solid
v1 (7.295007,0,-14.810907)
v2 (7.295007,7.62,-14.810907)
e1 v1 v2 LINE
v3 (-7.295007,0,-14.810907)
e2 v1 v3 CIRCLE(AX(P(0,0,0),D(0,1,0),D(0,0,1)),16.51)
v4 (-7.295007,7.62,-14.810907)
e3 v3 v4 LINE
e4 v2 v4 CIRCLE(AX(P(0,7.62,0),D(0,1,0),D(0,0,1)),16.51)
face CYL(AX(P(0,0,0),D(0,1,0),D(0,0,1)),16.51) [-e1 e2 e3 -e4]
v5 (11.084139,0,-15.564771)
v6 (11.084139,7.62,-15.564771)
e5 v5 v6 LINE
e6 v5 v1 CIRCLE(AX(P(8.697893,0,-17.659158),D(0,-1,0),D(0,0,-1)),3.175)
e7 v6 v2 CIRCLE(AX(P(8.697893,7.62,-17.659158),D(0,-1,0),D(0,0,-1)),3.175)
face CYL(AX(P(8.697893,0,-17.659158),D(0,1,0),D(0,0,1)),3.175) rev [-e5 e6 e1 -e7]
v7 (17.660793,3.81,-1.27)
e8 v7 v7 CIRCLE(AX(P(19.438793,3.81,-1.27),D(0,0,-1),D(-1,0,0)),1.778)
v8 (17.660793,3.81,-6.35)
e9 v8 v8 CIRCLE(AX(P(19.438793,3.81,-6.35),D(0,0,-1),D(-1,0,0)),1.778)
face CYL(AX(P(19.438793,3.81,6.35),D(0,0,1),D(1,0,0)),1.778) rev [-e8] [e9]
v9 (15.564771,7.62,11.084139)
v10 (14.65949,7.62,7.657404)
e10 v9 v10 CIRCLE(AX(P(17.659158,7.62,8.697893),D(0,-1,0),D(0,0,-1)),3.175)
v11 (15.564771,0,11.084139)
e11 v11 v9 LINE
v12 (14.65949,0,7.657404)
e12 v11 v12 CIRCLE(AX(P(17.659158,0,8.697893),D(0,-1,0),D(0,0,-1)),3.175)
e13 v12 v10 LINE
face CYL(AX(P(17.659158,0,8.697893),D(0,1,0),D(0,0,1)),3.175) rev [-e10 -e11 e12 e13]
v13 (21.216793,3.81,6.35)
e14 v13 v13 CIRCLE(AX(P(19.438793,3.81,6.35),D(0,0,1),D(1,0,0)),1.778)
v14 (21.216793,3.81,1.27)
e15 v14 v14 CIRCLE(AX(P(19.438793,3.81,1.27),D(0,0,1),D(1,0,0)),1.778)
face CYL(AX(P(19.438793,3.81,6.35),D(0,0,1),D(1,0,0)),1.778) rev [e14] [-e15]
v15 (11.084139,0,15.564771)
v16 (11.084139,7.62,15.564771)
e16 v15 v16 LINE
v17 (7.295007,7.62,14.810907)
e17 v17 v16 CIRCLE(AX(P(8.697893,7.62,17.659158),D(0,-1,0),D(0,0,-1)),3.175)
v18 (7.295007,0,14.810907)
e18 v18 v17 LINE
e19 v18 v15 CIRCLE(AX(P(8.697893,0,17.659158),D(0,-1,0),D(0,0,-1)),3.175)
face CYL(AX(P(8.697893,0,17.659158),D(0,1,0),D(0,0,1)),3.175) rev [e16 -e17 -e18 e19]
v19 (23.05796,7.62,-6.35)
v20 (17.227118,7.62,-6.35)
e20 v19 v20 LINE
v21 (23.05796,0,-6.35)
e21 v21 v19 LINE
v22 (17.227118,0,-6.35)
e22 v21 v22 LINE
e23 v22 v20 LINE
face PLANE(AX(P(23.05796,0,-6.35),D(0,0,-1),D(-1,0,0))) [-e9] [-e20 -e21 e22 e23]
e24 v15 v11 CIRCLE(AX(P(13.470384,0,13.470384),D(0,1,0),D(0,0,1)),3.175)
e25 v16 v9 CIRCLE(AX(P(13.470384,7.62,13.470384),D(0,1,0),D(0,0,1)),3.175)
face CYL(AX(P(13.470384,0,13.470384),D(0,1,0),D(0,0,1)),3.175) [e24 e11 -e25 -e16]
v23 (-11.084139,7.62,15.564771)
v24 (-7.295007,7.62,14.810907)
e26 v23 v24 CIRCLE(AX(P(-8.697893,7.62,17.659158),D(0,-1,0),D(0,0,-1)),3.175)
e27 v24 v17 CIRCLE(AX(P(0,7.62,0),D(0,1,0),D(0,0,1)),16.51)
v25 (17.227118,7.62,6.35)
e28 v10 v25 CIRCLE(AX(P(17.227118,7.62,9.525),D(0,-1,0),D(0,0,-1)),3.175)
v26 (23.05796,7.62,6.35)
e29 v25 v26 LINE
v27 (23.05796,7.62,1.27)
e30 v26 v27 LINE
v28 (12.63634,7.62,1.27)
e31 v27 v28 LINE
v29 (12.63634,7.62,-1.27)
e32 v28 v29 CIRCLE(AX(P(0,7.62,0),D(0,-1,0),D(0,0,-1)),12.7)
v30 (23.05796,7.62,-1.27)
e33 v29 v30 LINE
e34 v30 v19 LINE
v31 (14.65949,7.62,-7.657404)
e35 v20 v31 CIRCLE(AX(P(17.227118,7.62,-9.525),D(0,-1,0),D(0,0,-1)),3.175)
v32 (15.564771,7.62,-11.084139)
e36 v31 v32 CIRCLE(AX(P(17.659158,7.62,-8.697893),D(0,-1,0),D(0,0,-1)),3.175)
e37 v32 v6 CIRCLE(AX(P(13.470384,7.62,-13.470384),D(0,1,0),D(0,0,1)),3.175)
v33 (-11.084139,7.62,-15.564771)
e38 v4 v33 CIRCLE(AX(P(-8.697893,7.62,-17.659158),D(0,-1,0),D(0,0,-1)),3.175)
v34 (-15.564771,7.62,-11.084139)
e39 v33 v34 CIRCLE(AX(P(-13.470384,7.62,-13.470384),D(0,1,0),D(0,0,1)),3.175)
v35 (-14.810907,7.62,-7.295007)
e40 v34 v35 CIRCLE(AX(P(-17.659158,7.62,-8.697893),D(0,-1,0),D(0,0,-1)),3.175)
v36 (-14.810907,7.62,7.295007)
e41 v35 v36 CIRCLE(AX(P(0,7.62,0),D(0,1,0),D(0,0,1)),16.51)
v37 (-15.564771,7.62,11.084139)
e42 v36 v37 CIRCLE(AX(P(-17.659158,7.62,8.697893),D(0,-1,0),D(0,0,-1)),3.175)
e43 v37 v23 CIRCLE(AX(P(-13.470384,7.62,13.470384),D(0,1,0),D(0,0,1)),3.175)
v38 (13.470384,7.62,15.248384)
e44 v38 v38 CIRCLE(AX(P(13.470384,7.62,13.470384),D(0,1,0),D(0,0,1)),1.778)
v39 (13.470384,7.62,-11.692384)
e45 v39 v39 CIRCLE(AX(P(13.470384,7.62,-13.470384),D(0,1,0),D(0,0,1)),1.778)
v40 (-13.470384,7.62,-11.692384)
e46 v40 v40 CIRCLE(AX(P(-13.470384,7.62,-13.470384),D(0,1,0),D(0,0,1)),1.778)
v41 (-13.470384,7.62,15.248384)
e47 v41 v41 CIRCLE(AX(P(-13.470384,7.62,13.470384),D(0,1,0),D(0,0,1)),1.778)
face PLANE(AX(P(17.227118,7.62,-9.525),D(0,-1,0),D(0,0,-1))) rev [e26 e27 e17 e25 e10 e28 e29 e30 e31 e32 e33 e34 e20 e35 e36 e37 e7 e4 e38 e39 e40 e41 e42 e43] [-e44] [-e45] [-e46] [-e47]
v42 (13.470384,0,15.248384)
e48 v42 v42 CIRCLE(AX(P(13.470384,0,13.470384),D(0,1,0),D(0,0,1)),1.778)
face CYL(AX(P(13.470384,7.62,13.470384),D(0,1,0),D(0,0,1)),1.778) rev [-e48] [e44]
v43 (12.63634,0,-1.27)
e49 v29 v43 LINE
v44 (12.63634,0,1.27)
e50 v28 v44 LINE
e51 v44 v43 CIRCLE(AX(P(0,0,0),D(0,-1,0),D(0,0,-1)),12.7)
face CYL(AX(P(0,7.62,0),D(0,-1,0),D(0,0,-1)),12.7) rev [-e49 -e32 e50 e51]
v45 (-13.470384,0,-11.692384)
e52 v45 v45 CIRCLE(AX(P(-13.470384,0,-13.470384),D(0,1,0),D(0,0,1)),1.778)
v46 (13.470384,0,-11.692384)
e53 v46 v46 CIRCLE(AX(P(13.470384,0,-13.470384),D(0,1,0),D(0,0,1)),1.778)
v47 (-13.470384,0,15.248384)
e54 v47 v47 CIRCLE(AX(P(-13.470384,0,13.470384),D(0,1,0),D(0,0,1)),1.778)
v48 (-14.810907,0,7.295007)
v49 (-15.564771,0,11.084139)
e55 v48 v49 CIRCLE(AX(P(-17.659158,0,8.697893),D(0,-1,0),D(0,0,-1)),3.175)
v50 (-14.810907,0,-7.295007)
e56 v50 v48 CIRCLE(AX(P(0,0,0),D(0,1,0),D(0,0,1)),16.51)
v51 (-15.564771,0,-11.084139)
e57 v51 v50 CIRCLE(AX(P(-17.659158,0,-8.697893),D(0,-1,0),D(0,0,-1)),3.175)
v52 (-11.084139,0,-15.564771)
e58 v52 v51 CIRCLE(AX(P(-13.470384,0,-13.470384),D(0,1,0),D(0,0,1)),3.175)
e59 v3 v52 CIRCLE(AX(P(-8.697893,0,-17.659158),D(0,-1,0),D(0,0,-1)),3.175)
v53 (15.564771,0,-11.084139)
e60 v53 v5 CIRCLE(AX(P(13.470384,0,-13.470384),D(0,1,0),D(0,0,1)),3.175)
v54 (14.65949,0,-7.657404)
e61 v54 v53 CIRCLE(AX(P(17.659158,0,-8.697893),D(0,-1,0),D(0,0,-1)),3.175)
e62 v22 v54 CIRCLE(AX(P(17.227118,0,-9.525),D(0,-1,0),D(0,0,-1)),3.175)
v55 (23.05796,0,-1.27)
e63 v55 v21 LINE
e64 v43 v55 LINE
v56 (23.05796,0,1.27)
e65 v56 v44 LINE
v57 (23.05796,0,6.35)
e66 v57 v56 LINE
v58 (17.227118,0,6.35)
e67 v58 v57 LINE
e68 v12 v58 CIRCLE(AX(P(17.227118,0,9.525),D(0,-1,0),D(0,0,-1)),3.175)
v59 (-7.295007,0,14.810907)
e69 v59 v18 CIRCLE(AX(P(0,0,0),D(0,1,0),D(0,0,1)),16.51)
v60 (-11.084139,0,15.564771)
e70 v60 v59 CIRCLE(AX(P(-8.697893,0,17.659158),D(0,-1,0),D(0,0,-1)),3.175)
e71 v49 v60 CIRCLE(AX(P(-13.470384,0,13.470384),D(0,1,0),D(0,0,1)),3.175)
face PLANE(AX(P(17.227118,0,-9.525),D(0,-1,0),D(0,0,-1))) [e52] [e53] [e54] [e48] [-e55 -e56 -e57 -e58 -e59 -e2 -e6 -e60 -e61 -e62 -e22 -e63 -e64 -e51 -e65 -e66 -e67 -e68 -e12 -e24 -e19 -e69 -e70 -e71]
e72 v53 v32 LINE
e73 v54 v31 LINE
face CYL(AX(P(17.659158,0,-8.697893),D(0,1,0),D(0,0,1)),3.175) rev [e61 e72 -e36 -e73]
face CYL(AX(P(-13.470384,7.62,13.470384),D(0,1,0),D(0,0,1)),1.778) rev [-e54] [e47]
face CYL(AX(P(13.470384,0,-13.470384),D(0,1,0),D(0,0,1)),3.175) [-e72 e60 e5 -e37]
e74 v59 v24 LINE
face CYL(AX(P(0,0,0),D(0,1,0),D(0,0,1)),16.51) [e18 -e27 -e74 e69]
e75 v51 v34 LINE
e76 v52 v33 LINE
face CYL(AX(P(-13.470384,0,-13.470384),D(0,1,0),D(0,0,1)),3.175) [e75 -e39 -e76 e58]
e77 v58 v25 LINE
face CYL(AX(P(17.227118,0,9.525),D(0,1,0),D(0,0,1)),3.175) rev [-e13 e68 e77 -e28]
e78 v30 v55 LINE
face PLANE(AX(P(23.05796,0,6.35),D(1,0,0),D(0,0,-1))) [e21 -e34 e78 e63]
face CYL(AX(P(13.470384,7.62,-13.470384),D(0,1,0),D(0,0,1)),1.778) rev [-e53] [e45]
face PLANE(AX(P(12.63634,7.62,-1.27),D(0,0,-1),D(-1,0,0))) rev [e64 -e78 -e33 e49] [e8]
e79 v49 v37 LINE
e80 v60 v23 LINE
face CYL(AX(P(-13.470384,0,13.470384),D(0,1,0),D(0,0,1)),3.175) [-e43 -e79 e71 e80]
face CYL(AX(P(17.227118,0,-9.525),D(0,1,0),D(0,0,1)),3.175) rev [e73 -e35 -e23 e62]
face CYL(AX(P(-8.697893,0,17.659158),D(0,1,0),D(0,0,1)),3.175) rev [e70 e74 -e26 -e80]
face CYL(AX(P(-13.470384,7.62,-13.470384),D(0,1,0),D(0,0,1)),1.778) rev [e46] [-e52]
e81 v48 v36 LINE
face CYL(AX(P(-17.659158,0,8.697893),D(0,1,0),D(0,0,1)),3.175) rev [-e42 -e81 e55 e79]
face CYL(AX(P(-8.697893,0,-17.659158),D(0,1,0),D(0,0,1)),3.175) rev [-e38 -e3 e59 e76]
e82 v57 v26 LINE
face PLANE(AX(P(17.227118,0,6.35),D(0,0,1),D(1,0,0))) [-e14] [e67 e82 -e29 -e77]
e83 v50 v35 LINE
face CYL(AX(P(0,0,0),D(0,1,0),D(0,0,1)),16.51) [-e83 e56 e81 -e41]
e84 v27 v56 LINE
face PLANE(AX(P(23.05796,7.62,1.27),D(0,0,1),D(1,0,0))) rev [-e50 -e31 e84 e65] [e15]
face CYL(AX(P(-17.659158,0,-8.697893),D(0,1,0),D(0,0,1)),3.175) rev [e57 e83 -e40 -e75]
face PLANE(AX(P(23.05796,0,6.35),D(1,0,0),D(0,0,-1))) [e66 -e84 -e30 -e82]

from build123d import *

# Parameters (mm, degrees)
BOSS_EXTRUDE1_DEPTH              = 7.62
CUT_EXTRUDE1_DEPTH               = 30.441514138
SKETCH3_W                        = 12.7
SKETCH3_H                        = 7.62
F_5_CLEARANCE_HOLE1_D            = 3.556
F_36_0_1065_DIAMETER_HOLE1_D     = 2.7051
F_36_0_1065_DIAMETER_HOLE1_DEPTH = 5.08
F_5_CLEARANCE_HOLE2_D            = 3.556
F_5_CLEARANCE_HOLE2_DEPTH        = 22.995384182


with BuildPart() as part:
    # Sketch1 → Boss-Extrude1 (new body)
    with BuildSketch(Plane(origin=(0, 7.62, 0), x_dir=(1, 0, 0), z_dir=(0, 1, 0))):
        with BuildLine():
            Line((23.057960451, -6.35), (23.057960451, 6.35))
            Line((23.057960451, 6.35), (17.227118157, 6.35))
            ThreePointArc((17.227118157, 6.35), (15.786457002, 6.695667846), (14.659490486, 7.657404449))
            ThreePointArc((14.659490486, 7.657404449), (14.589471792, 9.508848608), (15.564771332, 11.084138707))
            ThreePointArc((15.564771332, 11.084138707), (15.715448212, 15.715448212), (11.084138707, 15.564771332))
            ThreePointArc((11.084138707, 15.564771332), (9.317430783, 14.545190239), (7.295007228, 14.810907114))
            ThreePointArc((7.295007228, 14.810907114), (0, 16.51), (-7.295007228, 14.810907114))
            ThreePointArc((-7.295007228, 14.810907114), (-9.317430783, 14.545190239), (-11.084138707, 15.564771332))
            ThreePointArc((-11.084138707, 15.564771332), (-15.715448212, 15.715448212), (-15.564771332, 11.084138707))
            ThreePointArc((-15.564771332, 11.084138707), (-14.545190239, 9.317430783), (-14.810907114, 7.295007228))
            ThreePointArc((-14.810907114, 7.295007228), (-16.51, 0), (-14.810907114, -7.295007228))
            ThreePointArc((-14.810907114, -7.295007228), (-14.545190239, -9.317430783), (-15.564771332, -11.084138707))
            ThreePointArc((-15.564771332, -11.084138707), (-15.715448212, -15.715448212), (-11.084138707, -15.564771332))
            ThreePointArc((-11.084138707, -15.564771332), (-9.317430783, -14.545190239), (-7.295007228, -14.810907114))
            ThreePointArc((-7.295007228, -14.810907114), (0, -16.51), (7.295007228, -14.810907114))
            ThreePointArc((7.295007228, -14.810907114), (9.317430783, -14.545190239), (11.084138707, -15.564771332))
            ThreePointArc((11.084138707, -15.564771332), (15.715448212, -15.715448212), (15.564771332, -11.084138707))
            ThreePointArc((15.564771332, -11.084138707), (14.589471792, -9.508848608), (14.659490486, -7.657404449))
            ThreePointArc((14.659490486, -7.657404449), (15.786457002, -6.695667846), (17.227118157, -6.35))
            Line((17.227118157, -6.35), (23.057960451, -6.35))
        make_face()
    extrude(amount=-BOSS_EXTRUDE1_DEPTH)

    # Sketch2 → Cut-Extrude1 (cut, through all)
    with BuildSketch(Plane.XZ):
        with BuildLine():
            Line((23.057960451, -1.27), (23.057960451, 1.27))
            Line((23.057960451, 1.27), (12.636340451, 1.27))
            ThreePointArc((12.636340451, 1.27), (12.7, 0), (12.636340451, -1.27))
            Line((12.636340451, -1.27), (23.057960451, -1.27))
        make_face()
    extrude(amount=-CUT_EXTRUDE1_DEPTH, mode=Mode.SUBTRACT)

    # Sketch3 → Cut-Revolve1 (revolve, cut)
    with BuildSketch(Plane.XY):
        with Locations((6.35, 3.81)):
            Rectangle(SKETCH3_W, SKETCH3_H)
    revolve(axis=Axis((0, 7.62, 0), (0, -1, 0)), mode=Mode.SUBTRACT)

    # #5 Clearance Hole1 (through all)
    with Locations(Plane(origin=(0, 7.62, 0), x_dir=(1, 0, 0), z_dir=(0, 1, 0))):
        with Locations((13.470384182, -13.470384182), (-13.470384182, -13.470384182), (-13.470384182, 13.470384182), (13.470384182, 13.470384182)):
            Hole(F_5_CLEARANCE_HOLE1_D / 2)

    # #36 (0.1065) Diameter Hole1
    with Locations(Plane(origin=(0, 0, -6.35), x_dir=(-1, 0, 0), z_dir=(0, 0, -1))):
        with Locations((-19.438793191, 3.81)):
            Hole(F_36_0_1065_DIAMETER_HOLE1_D / 2, depth=F_36_0_1065_DIAMETER_HOLE1_DEPTH)

    # #5 Clearance Hole2
    with Locations(Plane.XY.offset(6.35)):
        with Locations((19.438793191, 3.81)):
            Hole(F_5_CLEARANCE_HOLE2_D / 2, depth=F_5_CLEARANCE_HOLE2_DEPTH)


solid = part.part
